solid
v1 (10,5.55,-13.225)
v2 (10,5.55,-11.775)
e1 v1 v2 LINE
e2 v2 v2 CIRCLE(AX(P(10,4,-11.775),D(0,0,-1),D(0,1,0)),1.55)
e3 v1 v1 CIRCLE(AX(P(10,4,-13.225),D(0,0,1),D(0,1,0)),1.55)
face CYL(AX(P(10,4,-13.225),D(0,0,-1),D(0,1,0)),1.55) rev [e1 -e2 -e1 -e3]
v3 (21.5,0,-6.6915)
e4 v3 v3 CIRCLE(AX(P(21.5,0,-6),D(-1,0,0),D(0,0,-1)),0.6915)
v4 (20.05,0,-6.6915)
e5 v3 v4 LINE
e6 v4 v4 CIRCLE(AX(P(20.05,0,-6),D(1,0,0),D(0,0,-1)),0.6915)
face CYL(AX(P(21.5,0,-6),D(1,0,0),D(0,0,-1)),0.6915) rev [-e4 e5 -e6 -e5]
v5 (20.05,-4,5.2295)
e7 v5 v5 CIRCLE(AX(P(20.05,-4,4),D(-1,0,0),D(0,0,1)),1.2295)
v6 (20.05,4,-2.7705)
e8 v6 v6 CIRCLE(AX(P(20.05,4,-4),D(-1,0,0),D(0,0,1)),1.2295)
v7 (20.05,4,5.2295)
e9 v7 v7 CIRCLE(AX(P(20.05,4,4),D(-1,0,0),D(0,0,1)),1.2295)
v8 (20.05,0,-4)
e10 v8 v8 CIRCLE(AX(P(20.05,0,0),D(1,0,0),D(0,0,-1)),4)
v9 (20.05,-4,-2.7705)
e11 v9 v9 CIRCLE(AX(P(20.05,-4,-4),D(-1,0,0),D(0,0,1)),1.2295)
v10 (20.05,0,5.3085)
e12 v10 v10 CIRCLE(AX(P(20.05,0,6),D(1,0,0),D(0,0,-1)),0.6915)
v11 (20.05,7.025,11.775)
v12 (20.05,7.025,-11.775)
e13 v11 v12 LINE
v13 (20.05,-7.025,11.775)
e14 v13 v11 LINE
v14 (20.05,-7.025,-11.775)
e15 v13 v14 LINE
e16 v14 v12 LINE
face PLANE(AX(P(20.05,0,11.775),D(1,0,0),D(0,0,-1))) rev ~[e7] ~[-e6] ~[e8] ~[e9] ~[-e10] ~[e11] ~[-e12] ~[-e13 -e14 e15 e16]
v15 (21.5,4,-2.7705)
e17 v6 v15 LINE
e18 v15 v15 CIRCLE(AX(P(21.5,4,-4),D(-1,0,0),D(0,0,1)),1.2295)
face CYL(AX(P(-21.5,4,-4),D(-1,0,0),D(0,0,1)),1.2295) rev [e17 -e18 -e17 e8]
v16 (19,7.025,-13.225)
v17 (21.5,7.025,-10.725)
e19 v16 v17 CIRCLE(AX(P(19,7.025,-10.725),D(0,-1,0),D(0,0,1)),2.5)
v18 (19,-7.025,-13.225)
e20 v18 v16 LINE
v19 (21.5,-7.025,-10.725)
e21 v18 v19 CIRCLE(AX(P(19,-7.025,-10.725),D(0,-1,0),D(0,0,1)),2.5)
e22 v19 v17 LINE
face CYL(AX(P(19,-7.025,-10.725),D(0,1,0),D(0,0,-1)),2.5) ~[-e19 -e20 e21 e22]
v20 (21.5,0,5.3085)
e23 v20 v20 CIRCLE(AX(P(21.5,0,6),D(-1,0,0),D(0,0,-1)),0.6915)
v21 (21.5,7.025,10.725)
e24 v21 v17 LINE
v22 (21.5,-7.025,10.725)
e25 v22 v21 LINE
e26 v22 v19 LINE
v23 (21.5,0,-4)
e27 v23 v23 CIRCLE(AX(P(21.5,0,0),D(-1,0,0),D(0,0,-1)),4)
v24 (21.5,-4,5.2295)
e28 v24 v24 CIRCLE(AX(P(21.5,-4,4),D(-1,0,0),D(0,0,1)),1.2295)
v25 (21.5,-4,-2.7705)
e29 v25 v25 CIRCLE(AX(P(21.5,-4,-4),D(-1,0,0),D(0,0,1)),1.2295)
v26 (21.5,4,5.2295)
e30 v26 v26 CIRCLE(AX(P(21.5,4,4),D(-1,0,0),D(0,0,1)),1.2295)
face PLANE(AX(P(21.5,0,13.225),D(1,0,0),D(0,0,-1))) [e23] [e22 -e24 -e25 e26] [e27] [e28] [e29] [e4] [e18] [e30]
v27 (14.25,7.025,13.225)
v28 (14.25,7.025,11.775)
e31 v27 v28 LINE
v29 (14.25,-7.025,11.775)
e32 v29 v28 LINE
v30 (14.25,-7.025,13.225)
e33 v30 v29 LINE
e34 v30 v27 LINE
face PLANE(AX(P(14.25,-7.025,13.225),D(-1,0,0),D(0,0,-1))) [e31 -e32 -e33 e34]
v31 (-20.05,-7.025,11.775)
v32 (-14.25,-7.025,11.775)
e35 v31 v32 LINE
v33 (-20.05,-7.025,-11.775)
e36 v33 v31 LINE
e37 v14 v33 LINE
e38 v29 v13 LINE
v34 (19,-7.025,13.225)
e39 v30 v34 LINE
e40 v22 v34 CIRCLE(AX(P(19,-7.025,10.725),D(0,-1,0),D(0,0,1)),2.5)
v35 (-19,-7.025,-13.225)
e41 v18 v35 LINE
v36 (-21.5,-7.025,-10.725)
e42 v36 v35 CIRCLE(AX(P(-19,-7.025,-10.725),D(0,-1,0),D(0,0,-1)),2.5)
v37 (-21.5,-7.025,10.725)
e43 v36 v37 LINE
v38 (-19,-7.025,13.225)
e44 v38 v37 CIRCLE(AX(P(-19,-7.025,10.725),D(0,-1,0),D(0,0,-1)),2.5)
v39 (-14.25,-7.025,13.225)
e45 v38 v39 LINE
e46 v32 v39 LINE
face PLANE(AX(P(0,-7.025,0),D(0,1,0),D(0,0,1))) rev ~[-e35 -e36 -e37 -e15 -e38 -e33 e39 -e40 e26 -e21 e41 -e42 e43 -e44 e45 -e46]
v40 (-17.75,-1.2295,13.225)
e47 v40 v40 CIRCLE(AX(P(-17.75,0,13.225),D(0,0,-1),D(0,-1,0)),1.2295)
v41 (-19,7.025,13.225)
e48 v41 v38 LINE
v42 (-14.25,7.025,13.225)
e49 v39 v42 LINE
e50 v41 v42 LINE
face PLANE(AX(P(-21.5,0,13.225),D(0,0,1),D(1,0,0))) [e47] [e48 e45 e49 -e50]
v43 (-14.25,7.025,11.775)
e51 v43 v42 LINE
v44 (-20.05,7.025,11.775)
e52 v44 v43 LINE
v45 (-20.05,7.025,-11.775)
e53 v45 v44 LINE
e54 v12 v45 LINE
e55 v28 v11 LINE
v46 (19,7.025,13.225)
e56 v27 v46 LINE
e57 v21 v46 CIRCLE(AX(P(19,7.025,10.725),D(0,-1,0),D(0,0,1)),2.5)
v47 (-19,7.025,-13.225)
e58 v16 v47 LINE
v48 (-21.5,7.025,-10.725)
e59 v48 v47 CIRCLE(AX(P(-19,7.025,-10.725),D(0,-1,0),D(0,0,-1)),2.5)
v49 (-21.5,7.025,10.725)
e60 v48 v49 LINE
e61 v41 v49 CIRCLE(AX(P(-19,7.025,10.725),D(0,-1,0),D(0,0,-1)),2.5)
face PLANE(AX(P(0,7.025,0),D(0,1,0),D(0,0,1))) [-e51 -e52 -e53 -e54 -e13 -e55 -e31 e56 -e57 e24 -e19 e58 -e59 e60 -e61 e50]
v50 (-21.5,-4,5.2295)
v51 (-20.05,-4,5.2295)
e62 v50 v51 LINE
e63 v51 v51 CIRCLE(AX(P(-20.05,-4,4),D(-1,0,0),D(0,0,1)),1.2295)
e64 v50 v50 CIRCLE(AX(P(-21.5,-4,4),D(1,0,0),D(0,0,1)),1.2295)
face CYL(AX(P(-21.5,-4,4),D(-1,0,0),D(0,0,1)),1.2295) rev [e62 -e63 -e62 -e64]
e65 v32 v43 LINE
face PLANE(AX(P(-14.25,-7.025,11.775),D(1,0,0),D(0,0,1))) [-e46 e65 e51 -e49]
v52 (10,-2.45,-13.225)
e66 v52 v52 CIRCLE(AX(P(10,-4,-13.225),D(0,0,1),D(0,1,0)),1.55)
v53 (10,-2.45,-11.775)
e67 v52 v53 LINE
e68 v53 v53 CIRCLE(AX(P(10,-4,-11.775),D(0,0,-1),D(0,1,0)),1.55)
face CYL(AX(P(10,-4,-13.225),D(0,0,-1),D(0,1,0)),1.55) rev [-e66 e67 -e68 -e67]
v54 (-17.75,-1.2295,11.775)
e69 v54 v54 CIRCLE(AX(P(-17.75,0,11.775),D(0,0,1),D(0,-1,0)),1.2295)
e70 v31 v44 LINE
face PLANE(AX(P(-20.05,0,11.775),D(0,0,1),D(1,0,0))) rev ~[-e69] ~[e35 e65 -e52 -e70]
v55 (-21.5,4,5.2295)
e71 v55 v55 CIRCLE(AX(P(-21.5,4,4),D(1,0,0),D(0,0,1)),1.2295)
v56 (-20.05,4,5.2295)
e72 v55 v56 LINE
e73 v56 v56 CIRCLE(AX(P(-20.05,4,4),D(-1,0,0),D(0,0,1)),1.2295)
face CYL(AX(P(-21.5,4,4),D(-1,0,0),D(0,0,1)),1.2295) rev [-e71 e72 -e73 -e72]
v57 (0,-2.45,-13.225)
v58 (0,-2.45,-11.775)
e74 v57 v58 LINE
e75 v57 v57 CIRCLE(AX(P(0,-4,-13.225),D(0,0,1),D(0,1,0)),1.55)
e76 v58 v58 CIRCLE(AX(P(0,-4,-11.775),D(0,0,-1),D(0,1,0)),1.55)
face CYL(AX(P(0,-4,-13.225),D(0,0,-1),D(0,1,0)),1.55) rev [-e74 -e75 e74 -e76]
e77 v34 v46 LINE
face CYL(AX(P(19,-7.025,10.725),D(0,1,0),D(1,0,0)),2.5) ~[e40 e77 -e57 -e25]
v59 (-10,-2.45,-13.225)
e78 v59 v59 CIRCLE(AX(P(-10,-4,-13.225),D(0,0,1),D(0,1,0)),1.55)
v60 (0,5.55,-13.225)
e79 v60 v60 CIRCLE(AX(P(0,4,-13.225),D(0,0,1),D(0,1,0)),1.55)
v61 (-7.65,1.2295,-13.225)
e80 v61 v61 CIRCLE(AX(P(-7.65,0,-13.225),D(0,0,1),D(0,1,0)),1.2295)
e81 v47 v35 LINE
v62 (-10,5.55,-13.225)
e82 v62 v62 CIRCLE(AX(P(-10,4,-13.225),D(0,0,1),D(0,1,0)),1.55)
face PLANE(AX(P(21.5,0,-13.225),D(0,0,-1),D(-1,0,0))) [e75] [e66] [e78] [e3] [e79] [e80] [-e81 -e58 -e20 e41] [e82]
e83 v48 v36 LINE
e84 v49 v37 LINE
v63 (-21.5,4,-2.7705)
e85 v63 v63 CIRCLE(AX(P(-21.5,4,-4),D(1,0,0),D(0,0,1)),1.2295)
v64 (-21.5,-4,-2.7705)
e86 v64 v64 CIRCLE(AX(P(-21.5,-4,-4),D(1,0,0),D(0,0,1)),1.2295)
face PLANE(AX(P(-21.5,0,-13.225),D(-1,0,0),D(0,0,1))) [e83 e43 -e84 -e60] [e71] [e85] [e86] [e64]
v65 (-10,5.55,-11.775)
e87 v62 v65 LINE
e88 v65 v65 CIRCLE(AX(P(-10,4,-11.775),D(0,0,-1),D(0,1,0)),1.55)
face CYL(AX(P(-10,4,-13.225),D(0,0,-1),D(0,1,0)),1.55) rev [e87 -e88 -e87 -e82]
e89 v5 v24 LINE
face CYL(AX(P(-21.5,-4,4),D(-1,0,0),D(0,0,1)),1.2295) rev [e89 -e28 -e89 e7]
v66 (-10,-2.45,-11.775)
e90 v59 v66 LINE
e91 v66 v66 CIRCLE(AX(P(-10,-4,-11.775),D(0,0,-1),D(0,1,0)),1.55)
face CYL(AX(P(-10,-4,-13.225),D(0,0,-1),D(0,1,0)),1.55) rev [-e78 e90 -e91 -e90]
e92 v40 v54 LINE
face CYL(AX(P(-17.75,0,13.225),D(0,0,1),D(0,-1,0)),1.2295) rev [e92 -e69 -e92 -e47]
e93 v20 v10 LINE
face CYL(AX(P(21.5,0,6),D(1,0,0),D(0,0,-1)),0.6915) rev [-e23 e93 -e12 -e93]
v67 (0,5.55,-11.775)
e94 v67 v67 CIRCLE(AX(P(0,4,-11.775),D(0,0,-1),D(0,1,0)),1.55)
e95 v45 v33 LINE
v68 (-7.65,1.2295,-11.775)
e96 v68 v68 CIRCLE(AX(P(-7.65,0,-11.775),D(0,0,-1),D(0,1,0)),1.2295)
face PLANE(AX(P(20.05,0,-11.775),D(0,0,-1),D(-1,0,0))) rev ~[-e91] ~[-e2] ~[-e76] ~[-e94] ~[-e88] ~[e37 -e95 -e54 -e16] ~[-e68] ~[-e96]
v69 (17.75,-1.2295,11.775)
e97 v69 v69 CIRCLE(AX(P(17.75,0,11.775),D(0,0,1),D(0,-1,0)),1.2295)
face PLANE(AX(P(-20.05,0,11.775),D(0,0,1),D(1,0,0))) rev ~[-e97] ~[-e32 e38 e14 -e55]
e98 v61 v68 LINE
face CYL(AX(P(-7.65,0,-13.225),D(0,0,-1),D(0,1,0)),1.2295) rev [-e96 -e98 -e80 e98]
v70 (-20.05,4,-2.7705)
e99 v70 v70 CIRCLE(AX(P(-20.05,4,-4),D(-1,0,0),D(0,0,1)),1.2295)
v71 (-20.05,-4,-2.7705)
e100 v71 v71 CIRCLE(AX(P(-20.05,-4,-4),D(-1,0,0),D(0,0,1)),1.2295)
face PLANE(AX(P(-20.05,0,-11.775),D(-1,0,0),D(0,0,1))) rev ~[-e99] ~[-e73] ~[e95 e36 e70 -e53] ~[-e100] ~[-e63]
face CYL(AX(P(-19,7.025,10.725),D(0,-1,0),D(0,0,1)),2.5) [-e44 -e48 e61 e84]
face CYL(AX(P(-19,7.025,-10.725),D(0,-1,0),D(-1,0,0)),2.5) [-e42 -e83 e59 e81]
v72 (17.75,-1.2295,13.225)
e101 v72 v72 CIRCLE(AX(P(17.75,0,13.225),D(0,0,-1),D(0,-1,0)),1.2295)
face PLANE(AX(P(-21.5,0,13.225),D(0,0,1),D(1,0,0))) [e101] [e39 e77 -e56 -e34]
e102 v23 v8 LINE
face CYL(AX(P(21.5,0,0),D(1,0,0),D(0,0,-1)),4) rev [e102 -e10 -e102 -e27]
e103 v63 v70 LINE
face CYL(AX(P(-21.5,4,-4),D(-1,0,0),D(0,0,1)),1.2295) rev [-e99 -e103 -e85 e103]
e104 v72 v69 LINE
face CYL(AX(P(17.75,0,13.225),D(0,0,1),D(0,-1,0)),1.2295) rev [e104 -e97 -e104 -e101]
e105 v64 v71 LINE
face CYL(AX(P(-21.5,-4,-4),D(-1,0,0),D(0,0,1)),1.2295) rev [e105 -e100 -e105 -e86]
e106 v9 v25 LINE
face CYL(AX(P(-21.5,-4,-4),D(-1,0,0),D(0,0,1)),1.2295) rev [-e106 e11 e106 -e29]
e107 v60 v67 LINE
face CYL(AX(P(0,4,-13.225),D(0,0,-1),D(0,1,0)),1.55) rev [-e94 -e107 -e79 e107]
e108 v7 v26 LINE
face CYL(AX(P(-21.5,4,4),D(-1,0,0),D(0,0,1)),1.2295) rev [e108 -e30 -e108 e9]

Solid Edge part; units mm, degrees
sketch "Sketch1" plane through (0, 0, 0) normal (0, -1, 0) x (1, 0, 0)
  line L0 (-21.5, 13.225) -> (21.5, 13.225)
  line L1 (21.5, 13.225) -> (21.5, -13.225)
  line L2 (21.5, -13.225) -> (-21.5, -13.225)
  line L3 (-21.5, -13.225) -> (-21.5, 13.225)
  line L4 (-20.05, 11.775) -> (20.05, 11.775)
  line L5 (20.05, 11.775) -> (20.05, -11.775)
  line L6 (20.05, -11.775) -> (-20.05, -11.775)
  line L7 (-20.05, -11.775) -> (-20.05, 11.775)
  dimension "D1" = 43
  dimension "D2" = 26.45
  dimension "D3" = 1.45
extrude "Protrusion1" add sketch "Sketch1" along normal mid plane 14.05
sketch "Sketch2" plane through (0, -7.025, 0) normal (0, -1, 0) x (1, 0, 0)
  line L0 (-14.25, 13.225) -> (14.25, 13.225)
  line L1 (14.25, 13.225) -> (14.25, 11.775)
  line L2 (14.25, 11.775) -> (-14.25, 11.775)
  line L3 (-14.25, 11.775) -> (-14.25, 13.225)
  dimension "D1" = 7.25
  dimension "D2" = 7.25
extrude "Cutout1" cut sketch "Sketch2" against normal up to next
hole "Hole_1" at (-17.75, 0, 13.225) direction (0, 0, -1) diameter 2.459 end up to next
hole "Hole1" at (17.75, 0, 13.225) direction (0, 0, -1) diameter 2.459 end up to next
hole "Hole_3" at (10, -4, -13.225) direction (0, 0, 1) diameter 3.1 end up to next
hole "Hole2" at (10, 4, -13.225) direction (0, 0, 1) diameter 3.1 end up to next
hole "Hole3" at (0, 4, -13.225) direction (0, 0, 1) diameter 3.1 end up to next
hole "Hole4" at (0, -4, -13.225) direction (0, 0, 1) diameter 3.1 end up to next
hole "Hole5" at (-10, -4, -13.225) direction (0, 0, 1) diameter 3.1 end up to next
hole "Hole6" at (-10, 4, -13.225) direction (0, 0, 1) diameter 3.1 end up to next
hole "Hole_9" at (-21.5, 4, 4) direction (1, 0, 0) diameter 2.459 end through all
hole "Hole7" at (-21.5, -4, 4) direction (1, 0, 0) diameter 2.459 end through all
hole "Hole8" at (-21.5, -4, -4) direction (1, 0, 0) diameter 2.459 end through all
hole "Hole9" at (-21.5, 4, -4) direction (1, 0, 0) diameter 2.459 end through all
fillet "Round_1" radius 2.5 4 edges at (-21.5, 0, 13.225) (-21.5, 0, -13.225) (21.5, 0, -13.225) (21.5, 0, 13.225)
hole "Hole_13" at (21.5, 0, 0) direction (-1, 0, 0) diameter 8 end up to next
hole "Hole_14" at (21.5, 0, 6) direction (-1, 0, 0) diameter 1.383 end up to next
hole "Hole10" at (21.5, 0, -6) direction (-1, 0, 0) diameter 1.383 end up to next
hole "Hole_16" at (-7.65, 0, -13.225) direction (0, 0, 1) diameter 2.459 end up to next
